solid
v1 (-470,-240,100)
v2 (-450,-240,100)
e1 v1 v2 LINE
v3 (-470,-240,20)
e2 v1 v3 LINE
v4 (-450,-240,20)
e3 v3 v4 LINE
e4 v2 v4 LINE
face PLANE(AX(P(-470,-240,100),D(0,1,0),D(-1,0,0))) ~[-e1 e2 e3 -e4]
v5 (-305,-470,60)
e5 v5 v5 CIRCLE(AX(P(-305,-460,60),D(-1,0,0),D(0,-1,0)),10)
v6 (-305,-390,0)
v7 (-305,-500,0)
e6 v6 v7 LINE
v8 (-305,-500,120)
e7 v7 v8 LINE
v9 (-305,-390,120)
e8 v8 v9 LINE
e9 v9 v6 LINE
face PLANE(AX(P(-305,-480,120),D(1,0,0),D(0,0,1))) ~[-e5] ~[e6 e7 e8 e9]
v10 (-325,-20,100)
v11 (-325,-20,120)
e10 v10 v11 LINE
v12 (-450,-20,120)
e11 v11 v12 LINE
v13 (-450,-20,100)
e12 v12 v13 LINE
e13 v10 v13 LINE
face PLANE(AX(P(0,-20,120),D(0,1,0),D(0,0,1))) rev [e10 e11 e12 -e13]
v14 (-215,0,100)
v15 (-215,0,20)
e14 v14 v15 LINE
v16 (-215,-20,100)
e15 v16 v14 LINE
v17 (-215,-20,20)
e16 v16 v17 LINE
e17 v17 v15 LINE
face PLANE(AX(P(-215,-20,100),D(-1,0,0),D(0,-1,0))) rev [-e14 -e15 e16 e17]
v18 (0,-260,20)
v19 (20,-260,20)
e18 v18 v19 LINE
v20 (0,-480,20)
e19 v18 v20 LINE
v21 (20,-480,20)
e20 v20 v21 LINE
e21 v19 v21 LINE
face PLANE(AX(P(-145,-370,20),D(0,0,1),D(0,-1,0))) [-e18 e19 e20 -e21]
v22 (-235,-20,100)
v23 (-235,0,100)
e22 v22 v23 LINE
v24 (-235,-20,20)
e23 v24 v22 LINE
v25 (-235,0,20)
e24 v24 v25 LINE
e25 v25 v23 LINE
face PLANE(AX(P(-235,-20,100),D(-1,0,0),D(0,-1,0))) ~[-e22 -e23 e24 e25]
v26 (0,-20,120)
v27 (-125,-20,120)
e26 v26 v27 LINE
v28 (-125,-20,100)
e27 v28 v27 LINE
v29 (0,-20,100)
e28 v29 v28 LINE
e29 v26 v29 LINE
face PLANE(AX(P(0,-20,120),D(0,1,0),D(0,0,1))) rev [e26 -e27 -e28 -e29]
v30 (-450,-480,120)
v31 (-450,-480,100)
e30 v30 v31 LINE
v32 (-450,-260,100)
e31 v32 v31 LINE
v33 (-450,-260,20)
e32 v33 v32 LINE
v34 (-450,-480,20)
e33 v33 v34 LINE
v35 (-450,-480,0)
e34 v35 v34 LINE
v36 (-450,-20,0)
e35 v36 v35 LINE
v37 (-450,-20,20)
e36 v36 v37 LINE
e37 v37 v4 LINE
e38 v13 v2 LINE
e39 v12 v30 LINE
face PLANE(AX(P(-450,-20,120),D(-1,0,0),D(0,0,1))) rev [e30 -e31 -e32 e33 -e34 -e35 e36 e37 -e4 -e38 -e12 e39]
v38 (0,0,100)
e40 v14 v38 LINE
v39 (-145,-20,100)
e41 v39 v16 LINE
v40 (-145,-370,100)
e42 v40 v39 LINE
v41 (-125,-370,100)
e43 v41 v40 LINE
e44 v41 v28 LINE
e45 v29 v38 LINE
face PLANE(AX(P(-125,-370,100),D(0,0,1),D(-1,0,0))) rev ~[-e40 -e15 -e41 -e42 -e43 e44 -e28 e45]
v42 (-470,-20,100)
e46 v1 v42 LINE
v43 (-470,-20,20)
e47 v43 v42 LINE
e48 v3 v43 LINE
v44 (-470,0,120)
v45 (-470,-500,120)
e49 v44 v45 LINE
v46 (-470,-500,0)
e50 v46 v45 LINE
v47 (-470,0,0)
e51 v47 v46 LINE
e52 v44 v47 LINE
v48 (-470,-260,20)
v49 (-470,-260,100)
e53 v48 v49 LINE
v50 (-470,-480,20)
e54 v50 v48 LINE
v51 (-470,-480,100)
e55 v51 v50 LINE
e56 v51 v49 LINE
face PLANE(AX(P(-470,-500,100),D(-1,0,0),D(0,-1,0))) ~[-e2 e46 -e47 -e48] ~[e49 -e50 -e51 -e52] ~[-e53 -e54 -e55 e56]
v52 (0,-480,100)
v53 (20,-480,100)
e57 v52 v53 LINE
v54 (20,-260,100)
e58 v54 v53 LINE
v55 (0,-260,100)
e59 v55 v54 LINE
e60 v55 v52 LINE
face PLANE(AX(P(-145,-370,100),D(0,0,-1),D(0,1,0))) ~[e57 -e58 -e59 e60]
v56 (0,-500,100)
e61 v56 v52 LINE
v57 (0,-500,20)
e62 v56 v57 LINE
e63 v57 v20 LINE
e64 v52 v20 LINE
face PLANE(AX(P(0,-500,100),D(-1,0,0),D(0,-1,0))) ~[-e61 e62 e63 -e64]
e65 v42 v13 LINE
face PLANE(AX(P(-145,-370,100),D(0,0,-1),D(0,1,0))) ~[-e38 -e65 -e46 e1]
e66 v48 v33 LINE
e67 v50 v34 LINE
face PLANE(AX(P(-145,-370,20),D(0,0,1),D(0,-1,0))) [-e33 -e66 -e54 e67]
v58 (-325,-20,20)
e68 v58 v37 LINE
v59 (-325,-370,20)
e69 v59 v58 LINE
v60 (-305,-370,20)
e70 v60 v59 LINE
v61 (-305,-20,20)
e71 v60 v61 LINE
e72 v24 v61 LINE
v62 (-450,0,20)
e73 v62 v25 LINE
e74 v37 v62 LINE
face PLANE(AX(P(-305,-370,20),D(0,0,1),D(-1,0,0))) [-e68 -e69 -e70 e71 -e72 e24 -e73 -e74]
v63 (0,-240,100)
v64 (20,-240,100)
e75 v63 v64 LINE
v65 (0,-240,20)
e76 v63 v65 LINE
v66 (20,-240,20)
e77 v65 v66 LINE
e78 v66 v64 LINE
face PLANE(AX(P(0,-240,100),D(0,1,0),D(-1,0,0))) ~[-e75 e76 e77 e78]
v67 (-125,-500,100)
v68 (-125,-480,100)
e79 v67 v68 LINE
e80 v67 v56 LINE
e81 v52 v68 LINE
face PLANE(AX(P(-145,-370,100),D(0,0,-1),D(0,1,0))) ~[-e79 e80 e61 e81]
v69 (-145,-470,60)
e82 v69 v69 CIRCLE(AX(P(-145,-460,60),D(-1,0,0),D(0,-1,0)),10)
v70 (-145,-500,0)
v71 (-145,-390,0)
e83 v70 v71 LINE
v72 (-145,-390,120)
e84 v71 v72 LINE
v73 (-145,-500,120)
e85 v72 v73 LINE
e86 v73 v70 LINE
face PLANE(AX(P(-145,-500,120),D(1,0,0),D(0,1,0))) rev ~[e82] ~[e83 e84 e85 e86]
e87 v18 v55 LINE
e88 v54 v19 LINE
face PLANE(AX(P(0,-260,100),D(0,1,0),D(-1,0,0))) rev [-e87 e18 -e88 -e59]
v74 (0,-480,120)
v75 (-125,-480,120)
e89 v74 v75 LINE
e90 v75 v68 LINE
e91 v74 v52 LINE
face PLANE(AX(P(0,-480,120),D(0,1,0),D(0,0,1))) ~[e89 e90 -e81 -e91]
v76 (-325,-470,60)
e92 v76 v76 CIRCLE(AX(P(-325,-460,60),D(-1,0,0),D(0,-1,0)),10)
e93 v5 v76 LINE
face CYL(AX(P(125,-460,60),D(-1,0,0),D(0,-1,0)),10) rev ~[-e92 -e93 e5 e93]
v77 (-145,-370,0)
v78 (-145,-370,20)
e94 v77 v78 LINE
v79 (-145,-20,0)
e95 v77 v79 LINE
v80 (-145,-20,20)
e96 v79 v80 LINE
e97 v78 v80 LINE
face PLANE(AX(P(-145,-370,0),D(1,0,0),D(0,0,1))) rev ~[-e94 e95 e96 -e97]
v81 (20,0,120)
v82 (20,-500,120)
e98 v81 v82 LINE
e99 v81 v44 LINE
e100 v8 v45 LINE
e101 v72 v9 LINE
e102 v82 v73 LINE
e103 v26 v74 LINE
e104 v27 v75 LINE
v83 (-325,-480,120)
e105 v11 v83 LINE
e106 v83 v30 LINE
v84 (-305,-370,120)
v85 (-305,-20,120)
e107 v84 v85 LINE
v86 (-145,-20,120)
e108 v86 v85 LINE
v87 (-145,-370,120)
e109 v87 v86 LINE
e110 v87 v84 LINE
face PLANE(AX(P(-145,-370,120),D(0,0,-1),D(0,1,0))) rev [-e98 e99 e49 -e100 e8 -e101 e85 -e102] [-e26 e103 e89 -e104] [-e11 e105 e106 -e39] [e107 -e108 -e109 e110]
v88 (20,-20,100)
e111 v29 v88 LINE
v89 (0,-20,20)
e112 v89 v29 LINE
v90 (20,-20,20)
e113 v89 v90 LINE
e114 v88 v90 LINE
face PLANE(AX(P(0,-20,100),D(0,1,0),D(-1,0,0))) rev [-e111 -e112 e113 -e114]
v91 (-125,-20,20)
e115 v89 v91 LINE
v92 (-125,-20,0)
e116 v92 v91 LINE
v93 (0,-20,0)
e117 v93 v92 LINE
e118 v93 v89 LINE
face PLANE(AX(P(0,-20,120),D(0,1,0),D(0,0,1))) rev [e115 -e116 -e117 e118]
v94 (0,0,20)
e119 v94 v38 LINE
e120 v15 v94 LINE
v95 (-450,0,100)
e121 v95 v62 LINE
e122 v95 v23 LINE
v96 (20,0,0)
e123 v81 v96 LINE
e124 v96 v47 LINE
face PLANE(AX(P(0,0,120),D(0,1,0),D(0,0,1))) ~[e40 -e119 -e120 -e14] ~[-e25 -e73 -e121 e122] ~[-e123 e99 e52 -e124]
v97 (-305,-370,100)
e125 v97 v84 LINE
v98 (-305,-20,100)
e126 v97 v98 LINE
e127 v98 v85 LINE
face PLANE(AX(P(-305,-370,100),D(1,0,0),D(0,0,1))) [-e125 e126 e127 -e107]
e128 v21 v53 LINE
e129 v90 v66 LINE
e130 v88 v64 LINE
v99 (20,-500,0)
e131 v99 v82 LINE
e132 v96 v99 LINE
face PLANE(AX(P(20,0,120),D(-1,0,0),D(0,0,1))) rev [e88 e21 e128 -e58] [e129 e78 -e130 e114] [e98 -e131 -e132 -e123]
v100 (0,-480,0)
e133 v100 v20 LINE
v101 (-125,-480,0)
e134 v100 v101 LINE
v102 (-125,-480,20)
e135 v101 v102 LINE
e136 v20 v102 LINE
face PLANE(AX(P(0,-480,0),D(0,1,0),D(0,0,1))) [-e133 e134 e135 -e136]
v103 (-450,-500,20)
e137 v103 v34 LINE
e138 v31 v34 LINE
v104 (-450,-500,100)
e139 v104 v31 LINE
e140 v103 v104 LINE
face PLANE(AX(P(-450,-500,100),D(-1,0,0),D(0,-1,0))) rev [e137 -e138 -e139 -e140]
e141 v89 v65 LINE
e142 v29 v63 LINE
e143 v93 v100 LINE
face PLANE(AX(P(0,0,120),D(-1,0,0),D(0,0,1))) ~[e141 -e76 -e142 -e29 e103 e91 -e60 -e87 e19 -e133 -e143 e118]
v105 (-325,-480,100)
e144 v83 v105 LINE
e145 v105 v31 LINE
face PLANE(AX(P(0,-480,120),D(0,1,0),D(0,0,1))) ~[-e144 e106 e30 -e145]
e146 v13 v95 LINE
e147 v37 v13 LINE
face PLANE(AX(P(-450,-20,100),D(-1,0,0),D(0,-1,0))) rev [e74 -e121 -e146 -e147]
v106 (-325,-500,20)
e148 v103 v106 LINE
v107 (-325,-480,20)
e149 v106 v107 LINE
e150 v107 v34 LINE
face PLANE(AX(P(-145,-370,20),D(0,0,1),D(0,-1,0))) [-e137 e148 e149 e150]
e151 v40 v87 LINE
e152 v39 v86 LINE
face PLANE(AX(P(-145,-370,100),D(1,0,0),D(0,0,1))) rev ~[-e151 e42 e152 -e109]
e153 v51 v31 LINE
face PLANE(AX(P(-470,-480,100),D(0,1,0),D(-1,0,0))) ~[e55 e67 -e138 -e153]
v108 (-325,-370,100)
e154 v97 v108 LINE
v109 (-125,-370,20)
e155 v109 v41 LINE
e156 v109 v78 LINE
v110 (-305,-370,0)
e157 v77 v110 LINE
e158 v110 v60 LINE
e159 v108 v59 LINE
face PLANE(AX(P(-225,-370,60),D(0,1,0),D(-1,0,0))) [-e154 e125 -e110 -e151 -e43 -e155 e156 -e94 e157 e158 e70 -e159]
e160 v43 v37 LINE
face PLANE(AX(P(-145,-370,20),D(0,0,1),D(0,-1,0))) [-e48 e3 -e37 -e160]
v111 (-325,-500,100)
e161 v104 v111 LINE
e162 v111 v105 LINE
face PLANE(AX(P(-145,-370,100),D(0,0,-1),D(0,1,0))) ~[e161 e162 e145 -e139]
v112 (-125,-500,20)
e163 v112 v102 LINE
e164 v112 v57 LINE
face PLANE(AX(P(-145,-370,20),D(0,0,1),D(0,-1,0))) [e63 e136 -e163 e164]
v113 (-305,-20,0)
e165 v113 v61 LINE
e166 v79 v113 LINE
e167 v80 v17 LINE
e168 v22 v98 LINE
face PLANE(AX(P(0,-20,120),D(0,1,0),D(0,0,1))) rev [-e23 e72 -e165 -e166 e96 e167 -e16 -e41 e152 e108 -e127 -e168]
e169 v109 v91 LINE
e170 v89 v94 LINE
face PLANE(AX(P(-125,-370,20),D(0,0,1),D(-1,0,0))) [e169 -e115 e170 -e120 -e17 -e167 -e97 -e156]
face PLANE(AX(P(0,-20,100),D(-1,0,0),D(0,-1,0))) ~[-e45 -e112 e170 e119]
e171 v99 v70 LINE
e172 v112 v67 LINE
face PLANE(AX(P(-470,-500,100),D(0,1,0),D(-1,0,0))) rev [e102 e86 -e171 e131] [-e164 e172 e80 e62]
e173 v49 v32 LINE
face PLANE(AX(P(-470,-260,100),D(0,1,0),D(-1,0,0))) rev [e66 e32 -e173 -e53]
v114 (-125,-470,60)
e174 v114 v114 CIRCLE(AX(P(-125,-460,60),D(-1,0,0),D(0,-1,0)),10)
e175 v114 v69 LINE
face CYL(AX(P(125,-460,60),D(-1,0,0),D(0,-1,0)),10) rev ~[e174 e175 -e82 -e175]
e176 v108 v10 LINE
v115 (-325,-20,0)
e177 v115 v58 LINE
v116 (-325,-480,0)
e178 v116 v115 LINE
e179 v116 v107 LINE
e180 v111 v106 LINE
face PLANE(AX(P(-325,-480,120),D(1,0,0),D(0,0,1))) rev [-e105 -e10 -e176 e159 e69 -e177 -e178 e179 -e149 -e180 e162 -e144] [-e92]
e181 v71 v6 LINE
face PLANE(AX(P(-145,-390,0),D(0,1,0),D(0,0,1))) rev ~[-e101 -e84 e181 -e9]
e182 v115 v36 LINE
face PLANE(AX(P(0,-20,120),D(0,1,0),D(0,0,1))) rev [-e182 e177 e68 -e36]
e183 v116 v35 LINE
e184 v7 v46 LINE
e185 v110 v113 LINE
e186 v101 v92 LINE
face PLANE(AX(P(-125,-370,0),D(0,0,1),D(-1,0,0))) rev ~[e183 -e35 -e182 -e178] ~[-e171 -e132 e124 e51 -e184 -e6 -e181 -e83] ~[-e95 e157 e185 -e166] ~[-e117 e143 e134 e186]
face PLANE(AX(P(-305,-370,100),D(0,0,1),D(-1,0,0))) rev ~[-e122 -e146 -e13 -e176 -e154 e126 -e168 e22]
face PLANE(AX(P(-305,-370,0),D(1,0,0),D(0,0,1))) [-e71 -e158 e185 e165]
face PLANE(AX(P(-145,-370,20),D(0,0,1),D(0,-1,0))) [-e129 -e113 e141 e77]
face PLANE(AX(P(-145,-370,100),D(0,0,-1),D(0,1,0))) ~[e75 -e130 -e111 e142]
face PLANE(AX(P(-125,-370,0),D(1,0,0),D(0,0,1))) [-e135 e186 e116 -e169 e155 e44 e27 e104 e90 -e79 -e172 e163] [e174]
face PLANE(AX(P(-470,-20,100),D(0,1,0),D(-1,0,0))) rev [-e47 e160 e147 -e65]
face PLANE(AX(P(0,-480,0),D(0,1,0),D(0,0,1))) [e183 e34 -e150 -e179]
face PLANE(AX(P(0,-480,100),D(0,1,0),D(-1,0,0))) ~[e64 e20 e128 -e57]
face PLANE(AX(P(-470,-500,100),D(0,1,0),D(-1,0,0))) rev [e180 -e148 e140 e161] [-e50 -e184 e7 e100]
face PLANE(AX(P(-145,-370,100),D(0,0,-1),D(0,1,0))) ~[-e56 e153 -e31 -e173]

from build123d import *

# Parameters (mm, degrees)
F0_W      = 20
F0_H      = 20
F1_DEPTH  = 500
F2_W      = 20
F2_H      = 20
F3_DEPTH  = 470
F4_W      = 20
F4_H      = 20
F5_DEPTH  = 460
F6_W      = 20
F6_H      = 20
F7_DEPTH  = 110
F8_W      = 20
F8_H      = 20
F9_DEPTH  = 160
F10_W     = 20
F10_H     = 20
F10_H_2   = 130
F11_DEPTH = 40
F13_W     = 160
F13_H     = 20
F14_DEPTH = 120.001
F16_D     = 20
F16_DEPTH = 250
F16_TIP   = 6.0086061903
F17_W     = 160
F17_H     = 80
F18_DEPTH = 20
F19_W     = 20
F19_H     = 20
F20_DEPTH = 350


with BuildPart() as f1:
    # F0 (on Front) → F1 (new body)
    with BuildSketch(Plane.XZ):
        with Locations((10, 10)):
            Rectangle(F0_W, F0_H)
    extrude(amount=F1_DEPTH)

    # F2 (on face) → F3 (join)
    with BuildSketch(Plane(origin=(0, 0, 0), x_dir=(0, -1, 0), z_dir=(-1, 0, 0))):
        with Locations((10, 10)):
            Rectangle(F2_W, F2_H)
        with Locations((490, 10)):
            Rectangle(F2_W, F2_H)
    extrude(amount=F3_DEPTH)

    # F4 (on face) → F5 (join, through all)
    with BuildSketch(Plane.XZ.offset(20)):
        with Locations((-460, 10)):
            Rectangle(F4_W, F4_H)
    extrude(amount=F5_DEPTH)

    # F6 (on face) → F7 (join)
    with BuildSketch(Plane(origin=(0, -480, 0), x_dir=(-1, 0, 0), z_dir=(0, 1, 0))):
        with Locations((135, 10)):
            Rectangle(F6_W, F6_H)
        with Locations((315, 10)):
            Rectangle(F6_W, F6_H)
    extrude(amount=F7_DEPTH)

    # F8 (on face) → F9 (join, through all)
    with BuildSketch(Plane(origin=(-145, 0, 0), x_dir=(0, -1, 0), z_dir=(-1, 0, 0))):
        with Locations((380, 10)):
            Rectangle(F8_W, F8_H)
    extrude(amount=F9_DEPTH)

    # F10 (on face) → F11 (join)
    with BuildSketch(Plane.XY.offset(20)):
        with Locations((-460, -490)):
            Rectangle(F10_W, F10_H)
        with Locations((10, -490)):
            Rectangle(F10_W, F10_H)
        with Locations((-460, -10)):
            Rectangle(F10_W, F10_H)
        with Locations((10, -10)):
            Rectangle(F10_W, F10_H)
        with Locations((10, -250)):
            Rectangle(F10_W, F10_H)
        with Locations((-460, -250)):
            Rectangle(F10_W, F10_H)
        with Locations((-315, -435)):
            Rectangle(F10_W, F10_H_2)
        with Locations((-135, -435)):
            Rectangle(F10_W, F10_H_2)
        with Locations((-225, -10)):
            Rectangle(F10_W, F10_H)
    extrude(amount=F11_DEPTH)

    # F12: F1 across face


with BuildPart() as f1_1:
    add(f1.part)
    add(f1.part.mirror(Plane(origin=(10, -10, 60), x_dir=(1, 0, 0), z_dir=(0, 0, 1))))

    # F13 (on face) → F14 (cut, through all)
    with BuildSketch(Plane.XY.offset(120)):
        with Locations((-225, -490)):
            Rectangle(F13_W, F13_H)
    extrude(amount=-F14_DEPTH, mode=Mode.SUBTRACT)

    # F16
    with Locations(Plane.YZ.offset(-125)):
        with Locations((-460, 60)):
            Hole(F16_D / 2, depth=F16_DEPTH)
            with Locations((0, 0, -(F16_DEPTH + F16_TIP / 2))):  # 118° drill point
                Cone(0, F16_D / 2, F16_TIP, mode=Mode.SUBTRACT)

    # F17 (on face) → F18 (join)
    with BuildSketch(Plane(origin=(0, -370, 0), x_dir=(-1, 0, 0), z_dir=(0, 1, 0))):
        with Locations((225, 60)):
            Rectangle(F17_W, F17_H)
    extrude(amount=-F18_DEPTH)

    # F19 (on face) → F20 (join, through all)
    with BuildSketch(Plane(origin=(0, -370, 0), x_dir=(-1, 0, 0), z_dir=(0, 1, 0))):
        with Locations((135, 10)):
            Rectangle(F19_W, F19_H)
        with Locations((315, 10)):
            Rectangle(F19_W, F19_H)
        with Locations((315, 110)):
            Rectangle(F19_W, F19_H)
        with Locations((135, 110)):
            Rectangle(F19_W, F19_H)
    extrude(amount=F20_DEPTH)


solid = f1_1.part
